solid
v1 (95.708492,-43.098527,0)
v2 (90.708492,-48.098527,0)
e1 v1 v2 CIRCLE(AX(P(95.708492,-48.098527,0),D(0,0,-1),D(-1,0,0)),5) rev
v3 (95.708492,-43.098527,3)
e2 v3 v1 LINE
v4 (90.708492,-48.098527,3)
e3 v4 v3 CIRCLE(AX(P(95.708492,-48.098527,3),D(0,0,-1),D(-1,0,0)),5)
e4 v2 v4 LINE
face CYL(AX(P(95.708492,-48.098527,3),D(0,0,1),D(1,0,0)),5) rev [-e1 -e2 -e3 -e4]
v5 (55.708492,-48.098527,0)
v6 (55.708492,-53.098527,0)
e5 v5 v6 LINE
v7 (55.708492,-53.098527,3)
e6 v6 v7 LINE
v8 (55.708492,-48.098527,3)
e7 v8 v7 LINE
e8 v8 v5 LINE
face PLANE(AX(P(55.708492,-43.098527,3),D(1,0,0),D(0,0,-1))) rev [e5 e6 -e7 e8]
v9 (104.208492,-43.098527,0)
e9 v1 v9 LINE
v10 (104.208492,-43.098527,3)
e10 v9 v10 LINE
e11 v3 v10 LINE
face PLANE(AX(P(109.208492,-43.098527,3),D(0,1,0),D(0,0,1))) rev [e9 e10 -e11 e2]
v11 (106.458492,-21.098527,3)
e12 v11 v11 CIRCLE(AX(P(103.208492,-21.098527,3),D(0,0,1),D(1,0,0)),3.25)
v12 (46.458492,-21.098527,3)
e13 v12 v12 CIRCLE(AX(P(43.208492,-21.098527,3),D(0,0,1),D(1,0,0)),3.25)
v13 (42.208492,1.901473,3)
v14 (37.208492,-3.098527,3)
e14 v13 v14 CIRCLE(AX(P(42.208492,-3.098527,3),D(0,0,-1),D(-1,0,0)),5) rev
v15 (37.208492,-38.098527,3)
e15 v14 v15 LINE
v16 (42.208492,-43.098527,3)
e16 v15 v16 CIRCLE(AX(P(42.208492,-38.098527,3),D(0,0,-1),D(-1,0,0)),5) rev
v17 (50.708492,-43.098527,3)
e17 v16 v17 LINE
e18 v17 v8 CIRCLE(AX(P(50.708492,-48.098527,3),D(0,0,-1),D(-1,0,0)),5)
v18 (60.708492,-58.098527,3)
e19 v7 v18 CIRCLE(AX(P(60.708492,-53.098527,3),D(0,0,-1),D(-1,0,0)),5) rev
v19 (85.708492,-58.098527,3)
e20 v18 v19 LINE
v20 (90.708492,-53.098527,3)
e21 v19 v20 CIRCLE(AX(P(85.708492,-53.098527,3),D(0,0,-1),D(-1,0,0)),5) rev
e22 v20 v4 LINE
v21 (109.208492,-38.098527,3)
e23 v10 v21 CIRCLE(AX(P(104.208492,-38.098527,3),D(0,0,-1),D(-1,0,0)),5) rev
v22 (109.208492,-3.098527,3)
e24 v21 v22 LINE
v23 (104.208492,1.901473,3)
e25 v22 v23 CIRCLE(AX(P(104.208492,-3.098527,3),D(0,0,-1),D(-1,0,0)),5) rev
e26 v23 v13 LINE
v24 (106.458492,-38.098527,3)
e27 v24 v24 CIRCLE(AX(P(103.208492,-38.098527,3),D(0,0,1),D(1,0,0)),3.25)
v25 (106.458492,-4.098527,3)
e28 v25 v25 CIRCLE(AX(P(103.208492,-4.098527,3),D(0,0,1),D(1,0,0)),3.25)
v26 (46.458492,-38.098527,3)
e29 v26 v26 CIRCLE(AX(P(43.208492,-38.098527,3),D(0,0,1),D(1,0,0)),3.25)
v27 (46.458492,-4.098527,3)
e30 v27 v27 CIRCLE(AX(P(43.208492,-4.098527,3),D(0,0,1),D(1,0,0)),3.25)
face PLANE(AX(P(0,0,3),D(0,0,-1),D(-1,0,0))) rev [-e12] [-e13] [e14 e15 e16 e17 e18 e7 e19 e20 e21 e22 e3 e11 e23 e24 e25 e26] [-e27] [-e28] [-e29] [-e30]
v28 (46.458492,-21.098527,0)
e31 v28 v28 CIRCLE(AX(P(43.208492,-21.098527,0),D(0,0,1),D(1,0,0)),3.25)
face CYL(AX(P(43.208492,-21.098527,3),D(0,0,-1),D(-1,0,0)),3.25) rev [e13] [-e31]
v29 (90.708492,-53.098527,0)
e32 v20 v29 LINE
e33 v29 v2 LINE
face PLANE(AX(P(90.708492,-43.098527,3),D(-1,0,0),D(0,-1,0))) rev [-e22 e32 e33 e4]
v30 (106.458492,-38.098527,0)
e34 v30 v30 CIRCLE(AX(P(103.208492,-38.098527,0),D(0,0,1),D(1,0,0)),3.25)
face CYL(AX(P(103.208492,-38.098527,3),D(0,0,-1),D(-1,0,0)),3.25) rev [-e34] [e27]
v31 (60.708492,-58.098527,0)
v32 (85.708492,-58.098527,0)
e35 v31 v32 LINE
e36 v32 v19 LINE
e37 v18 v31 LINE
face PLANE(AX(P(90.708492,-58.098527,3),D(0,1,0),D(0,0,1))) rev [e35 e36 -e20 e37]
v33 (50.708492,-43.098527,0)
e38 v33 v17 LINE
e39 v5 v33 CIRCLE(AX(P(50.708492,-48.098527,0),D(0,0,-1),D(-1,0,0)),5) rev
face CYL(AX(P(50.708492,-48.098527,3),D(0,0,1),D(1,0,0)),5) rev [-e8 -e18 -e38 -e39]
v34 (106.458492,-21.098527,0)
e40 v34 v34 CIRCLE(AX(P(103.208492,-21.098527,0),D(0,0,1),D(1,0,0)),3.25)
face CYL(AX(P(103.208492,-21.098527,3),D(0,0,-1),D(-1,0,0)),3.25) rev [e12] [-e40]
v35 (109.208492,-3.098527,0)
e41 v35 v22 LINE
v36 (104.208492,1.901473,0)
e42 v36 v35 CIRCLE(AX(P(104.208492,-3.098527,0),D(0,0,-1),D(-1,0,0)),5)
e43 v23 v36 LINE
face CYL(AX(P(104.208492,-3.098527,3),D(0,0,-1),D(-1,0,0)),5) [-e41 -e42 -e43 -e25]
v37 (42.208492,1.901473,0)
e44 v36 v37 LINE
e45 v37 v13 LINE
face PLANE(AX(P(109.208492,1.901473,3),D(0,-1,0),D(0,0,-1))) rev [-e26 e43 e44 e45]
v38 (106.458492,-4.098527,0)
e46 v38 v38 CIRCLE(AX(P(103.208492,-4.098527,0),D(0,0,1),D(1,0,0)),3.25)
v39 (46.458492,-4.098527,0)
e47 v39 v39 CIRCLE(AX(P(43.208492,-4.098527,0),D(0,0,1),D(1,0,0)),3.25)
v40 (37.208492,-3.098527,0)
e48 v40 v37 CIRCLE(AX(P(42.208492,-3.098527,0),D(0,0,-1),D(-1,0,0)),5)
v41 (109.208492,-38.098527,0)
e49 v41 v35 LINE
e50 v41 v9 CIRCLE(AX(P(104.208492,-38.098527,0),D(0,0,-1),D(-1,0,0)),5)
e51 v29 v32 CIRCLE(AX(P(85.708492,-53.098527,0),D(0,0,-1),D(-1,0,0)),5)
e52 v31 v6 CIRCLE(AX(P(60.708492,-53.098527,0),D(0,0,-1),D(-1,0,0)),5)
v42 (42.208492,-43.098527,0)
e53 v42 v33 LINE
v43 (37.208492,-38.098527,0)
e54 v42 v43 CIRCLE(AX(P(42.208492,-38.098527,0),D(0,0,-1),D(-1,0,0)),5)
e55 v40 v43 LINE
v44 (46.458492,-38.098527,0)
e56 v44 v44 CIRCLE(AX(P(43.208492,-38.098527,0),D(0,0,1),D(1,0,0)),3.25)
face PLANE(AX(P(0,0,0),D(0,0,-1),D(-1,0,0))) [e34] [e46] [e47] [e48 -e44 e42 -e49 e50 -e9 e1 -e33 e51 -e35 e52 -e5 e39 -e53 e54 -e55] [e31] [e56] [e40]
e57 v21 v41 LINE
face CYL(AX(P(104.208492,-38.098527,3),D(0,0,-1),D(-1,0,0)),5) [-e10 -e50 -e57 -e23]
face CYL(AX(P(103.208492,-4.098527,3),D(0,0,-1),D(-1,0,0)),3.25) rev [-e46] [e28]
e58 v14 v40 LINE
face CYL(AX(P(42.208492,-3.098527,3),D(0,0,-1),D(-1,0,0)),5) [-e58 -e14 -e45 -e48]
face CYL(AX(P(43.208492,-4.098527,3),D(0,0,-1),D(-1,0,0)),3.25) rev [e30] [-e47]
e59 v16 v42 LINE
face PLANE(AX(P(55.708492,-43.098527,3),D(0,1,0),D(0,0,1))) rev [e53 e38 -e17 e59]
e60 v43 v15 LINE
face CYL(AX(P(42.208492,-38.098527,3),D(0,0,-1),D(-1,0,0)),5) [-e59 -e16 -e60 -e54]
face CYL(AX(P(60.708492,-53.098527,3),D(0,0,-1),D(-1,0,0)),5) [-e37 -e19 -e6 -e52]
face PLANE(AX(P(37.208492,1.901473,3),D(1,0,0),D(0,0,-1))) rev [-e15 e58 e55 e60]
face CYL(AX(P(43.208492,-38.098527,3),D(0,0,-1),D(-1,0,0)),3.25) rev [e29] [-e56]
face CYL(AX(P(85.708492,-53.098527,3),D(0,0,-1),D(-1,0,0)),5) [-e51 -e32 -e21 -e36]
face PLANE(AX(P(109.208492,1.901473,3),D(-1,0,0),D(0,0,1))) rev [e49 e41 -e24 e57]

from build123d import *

# Parameters (mm, degrees)
ESQUISSE2_R        = 3.25
BOSS_EXTRU_1_DEPTH = 3
CONG_1_R           = 5


with BuildPart() as part:
    # Esquisse2 → Boss.-Extru.1 (new body)
    with BuildSketch(Plane.XY):
        Polygon((109.208492459, 1.901473412), (37.208492459, 1.901473412), (37.208492459, -43.098526588), (55.708492459, -43.098526588), (55.708492459, -58.098526588), (90.708492459, -58.098526588), (90.708492459, -43.098526588), (109.208492459, -43.098526588), align=None)
        with Locations((103.208492459, -4.098526588)):
            Circle(ESQUISSE2_R, mode=Mode.SUBTRACT)
        with Locations((103.208492459, -38.098526588)):
            Circle(ESQUISSE2_R, mode=Mode.SUBTRACT)
        with Locations((43.208492459, -38.098526588)):
            Circle(ESQUISSE2_R, mode=Mode.SUBTRACT)
        with Locations((43.208492459, -4.098526588)):
            Circle(ESQUISSE2_R, mode=Mode.SUBTRACT)
        with Locations((43.208492459, -21.098526588)):
            Circle(ESQUISSE2_R, mode=Mode.SUBTRACT)
        with Locations((103.208492459, -21.098526588)):
            Circle(ESQUISSE2_R, mode=Mode.SUBTRACT)
    extrude(amount=BOSS_EXTRU_1_DEPTH)

    # Congé1
    cong_1_edges = [part.edges().sort_by_distance(p)[0] for p in [
        (109.208492459, -43.098526588, 1.5),
        (90.708492459, -43.098526588, 1.5),
        (90.708492459, -58.098526588, 1.5),
        (55.708492459, -58.098526588, 1.5),
        (55.708492459, -43.098526588, 1.5),
        (37.208492459, -43.098526588, 1.5),
        (37.208492459, 1.901473412, 1.5),
        (109.208492459, 1.901473412, 1.5),
    ]]
    fillet(cong_1_edges, radius=CONG_1_R)


solid = part.part
